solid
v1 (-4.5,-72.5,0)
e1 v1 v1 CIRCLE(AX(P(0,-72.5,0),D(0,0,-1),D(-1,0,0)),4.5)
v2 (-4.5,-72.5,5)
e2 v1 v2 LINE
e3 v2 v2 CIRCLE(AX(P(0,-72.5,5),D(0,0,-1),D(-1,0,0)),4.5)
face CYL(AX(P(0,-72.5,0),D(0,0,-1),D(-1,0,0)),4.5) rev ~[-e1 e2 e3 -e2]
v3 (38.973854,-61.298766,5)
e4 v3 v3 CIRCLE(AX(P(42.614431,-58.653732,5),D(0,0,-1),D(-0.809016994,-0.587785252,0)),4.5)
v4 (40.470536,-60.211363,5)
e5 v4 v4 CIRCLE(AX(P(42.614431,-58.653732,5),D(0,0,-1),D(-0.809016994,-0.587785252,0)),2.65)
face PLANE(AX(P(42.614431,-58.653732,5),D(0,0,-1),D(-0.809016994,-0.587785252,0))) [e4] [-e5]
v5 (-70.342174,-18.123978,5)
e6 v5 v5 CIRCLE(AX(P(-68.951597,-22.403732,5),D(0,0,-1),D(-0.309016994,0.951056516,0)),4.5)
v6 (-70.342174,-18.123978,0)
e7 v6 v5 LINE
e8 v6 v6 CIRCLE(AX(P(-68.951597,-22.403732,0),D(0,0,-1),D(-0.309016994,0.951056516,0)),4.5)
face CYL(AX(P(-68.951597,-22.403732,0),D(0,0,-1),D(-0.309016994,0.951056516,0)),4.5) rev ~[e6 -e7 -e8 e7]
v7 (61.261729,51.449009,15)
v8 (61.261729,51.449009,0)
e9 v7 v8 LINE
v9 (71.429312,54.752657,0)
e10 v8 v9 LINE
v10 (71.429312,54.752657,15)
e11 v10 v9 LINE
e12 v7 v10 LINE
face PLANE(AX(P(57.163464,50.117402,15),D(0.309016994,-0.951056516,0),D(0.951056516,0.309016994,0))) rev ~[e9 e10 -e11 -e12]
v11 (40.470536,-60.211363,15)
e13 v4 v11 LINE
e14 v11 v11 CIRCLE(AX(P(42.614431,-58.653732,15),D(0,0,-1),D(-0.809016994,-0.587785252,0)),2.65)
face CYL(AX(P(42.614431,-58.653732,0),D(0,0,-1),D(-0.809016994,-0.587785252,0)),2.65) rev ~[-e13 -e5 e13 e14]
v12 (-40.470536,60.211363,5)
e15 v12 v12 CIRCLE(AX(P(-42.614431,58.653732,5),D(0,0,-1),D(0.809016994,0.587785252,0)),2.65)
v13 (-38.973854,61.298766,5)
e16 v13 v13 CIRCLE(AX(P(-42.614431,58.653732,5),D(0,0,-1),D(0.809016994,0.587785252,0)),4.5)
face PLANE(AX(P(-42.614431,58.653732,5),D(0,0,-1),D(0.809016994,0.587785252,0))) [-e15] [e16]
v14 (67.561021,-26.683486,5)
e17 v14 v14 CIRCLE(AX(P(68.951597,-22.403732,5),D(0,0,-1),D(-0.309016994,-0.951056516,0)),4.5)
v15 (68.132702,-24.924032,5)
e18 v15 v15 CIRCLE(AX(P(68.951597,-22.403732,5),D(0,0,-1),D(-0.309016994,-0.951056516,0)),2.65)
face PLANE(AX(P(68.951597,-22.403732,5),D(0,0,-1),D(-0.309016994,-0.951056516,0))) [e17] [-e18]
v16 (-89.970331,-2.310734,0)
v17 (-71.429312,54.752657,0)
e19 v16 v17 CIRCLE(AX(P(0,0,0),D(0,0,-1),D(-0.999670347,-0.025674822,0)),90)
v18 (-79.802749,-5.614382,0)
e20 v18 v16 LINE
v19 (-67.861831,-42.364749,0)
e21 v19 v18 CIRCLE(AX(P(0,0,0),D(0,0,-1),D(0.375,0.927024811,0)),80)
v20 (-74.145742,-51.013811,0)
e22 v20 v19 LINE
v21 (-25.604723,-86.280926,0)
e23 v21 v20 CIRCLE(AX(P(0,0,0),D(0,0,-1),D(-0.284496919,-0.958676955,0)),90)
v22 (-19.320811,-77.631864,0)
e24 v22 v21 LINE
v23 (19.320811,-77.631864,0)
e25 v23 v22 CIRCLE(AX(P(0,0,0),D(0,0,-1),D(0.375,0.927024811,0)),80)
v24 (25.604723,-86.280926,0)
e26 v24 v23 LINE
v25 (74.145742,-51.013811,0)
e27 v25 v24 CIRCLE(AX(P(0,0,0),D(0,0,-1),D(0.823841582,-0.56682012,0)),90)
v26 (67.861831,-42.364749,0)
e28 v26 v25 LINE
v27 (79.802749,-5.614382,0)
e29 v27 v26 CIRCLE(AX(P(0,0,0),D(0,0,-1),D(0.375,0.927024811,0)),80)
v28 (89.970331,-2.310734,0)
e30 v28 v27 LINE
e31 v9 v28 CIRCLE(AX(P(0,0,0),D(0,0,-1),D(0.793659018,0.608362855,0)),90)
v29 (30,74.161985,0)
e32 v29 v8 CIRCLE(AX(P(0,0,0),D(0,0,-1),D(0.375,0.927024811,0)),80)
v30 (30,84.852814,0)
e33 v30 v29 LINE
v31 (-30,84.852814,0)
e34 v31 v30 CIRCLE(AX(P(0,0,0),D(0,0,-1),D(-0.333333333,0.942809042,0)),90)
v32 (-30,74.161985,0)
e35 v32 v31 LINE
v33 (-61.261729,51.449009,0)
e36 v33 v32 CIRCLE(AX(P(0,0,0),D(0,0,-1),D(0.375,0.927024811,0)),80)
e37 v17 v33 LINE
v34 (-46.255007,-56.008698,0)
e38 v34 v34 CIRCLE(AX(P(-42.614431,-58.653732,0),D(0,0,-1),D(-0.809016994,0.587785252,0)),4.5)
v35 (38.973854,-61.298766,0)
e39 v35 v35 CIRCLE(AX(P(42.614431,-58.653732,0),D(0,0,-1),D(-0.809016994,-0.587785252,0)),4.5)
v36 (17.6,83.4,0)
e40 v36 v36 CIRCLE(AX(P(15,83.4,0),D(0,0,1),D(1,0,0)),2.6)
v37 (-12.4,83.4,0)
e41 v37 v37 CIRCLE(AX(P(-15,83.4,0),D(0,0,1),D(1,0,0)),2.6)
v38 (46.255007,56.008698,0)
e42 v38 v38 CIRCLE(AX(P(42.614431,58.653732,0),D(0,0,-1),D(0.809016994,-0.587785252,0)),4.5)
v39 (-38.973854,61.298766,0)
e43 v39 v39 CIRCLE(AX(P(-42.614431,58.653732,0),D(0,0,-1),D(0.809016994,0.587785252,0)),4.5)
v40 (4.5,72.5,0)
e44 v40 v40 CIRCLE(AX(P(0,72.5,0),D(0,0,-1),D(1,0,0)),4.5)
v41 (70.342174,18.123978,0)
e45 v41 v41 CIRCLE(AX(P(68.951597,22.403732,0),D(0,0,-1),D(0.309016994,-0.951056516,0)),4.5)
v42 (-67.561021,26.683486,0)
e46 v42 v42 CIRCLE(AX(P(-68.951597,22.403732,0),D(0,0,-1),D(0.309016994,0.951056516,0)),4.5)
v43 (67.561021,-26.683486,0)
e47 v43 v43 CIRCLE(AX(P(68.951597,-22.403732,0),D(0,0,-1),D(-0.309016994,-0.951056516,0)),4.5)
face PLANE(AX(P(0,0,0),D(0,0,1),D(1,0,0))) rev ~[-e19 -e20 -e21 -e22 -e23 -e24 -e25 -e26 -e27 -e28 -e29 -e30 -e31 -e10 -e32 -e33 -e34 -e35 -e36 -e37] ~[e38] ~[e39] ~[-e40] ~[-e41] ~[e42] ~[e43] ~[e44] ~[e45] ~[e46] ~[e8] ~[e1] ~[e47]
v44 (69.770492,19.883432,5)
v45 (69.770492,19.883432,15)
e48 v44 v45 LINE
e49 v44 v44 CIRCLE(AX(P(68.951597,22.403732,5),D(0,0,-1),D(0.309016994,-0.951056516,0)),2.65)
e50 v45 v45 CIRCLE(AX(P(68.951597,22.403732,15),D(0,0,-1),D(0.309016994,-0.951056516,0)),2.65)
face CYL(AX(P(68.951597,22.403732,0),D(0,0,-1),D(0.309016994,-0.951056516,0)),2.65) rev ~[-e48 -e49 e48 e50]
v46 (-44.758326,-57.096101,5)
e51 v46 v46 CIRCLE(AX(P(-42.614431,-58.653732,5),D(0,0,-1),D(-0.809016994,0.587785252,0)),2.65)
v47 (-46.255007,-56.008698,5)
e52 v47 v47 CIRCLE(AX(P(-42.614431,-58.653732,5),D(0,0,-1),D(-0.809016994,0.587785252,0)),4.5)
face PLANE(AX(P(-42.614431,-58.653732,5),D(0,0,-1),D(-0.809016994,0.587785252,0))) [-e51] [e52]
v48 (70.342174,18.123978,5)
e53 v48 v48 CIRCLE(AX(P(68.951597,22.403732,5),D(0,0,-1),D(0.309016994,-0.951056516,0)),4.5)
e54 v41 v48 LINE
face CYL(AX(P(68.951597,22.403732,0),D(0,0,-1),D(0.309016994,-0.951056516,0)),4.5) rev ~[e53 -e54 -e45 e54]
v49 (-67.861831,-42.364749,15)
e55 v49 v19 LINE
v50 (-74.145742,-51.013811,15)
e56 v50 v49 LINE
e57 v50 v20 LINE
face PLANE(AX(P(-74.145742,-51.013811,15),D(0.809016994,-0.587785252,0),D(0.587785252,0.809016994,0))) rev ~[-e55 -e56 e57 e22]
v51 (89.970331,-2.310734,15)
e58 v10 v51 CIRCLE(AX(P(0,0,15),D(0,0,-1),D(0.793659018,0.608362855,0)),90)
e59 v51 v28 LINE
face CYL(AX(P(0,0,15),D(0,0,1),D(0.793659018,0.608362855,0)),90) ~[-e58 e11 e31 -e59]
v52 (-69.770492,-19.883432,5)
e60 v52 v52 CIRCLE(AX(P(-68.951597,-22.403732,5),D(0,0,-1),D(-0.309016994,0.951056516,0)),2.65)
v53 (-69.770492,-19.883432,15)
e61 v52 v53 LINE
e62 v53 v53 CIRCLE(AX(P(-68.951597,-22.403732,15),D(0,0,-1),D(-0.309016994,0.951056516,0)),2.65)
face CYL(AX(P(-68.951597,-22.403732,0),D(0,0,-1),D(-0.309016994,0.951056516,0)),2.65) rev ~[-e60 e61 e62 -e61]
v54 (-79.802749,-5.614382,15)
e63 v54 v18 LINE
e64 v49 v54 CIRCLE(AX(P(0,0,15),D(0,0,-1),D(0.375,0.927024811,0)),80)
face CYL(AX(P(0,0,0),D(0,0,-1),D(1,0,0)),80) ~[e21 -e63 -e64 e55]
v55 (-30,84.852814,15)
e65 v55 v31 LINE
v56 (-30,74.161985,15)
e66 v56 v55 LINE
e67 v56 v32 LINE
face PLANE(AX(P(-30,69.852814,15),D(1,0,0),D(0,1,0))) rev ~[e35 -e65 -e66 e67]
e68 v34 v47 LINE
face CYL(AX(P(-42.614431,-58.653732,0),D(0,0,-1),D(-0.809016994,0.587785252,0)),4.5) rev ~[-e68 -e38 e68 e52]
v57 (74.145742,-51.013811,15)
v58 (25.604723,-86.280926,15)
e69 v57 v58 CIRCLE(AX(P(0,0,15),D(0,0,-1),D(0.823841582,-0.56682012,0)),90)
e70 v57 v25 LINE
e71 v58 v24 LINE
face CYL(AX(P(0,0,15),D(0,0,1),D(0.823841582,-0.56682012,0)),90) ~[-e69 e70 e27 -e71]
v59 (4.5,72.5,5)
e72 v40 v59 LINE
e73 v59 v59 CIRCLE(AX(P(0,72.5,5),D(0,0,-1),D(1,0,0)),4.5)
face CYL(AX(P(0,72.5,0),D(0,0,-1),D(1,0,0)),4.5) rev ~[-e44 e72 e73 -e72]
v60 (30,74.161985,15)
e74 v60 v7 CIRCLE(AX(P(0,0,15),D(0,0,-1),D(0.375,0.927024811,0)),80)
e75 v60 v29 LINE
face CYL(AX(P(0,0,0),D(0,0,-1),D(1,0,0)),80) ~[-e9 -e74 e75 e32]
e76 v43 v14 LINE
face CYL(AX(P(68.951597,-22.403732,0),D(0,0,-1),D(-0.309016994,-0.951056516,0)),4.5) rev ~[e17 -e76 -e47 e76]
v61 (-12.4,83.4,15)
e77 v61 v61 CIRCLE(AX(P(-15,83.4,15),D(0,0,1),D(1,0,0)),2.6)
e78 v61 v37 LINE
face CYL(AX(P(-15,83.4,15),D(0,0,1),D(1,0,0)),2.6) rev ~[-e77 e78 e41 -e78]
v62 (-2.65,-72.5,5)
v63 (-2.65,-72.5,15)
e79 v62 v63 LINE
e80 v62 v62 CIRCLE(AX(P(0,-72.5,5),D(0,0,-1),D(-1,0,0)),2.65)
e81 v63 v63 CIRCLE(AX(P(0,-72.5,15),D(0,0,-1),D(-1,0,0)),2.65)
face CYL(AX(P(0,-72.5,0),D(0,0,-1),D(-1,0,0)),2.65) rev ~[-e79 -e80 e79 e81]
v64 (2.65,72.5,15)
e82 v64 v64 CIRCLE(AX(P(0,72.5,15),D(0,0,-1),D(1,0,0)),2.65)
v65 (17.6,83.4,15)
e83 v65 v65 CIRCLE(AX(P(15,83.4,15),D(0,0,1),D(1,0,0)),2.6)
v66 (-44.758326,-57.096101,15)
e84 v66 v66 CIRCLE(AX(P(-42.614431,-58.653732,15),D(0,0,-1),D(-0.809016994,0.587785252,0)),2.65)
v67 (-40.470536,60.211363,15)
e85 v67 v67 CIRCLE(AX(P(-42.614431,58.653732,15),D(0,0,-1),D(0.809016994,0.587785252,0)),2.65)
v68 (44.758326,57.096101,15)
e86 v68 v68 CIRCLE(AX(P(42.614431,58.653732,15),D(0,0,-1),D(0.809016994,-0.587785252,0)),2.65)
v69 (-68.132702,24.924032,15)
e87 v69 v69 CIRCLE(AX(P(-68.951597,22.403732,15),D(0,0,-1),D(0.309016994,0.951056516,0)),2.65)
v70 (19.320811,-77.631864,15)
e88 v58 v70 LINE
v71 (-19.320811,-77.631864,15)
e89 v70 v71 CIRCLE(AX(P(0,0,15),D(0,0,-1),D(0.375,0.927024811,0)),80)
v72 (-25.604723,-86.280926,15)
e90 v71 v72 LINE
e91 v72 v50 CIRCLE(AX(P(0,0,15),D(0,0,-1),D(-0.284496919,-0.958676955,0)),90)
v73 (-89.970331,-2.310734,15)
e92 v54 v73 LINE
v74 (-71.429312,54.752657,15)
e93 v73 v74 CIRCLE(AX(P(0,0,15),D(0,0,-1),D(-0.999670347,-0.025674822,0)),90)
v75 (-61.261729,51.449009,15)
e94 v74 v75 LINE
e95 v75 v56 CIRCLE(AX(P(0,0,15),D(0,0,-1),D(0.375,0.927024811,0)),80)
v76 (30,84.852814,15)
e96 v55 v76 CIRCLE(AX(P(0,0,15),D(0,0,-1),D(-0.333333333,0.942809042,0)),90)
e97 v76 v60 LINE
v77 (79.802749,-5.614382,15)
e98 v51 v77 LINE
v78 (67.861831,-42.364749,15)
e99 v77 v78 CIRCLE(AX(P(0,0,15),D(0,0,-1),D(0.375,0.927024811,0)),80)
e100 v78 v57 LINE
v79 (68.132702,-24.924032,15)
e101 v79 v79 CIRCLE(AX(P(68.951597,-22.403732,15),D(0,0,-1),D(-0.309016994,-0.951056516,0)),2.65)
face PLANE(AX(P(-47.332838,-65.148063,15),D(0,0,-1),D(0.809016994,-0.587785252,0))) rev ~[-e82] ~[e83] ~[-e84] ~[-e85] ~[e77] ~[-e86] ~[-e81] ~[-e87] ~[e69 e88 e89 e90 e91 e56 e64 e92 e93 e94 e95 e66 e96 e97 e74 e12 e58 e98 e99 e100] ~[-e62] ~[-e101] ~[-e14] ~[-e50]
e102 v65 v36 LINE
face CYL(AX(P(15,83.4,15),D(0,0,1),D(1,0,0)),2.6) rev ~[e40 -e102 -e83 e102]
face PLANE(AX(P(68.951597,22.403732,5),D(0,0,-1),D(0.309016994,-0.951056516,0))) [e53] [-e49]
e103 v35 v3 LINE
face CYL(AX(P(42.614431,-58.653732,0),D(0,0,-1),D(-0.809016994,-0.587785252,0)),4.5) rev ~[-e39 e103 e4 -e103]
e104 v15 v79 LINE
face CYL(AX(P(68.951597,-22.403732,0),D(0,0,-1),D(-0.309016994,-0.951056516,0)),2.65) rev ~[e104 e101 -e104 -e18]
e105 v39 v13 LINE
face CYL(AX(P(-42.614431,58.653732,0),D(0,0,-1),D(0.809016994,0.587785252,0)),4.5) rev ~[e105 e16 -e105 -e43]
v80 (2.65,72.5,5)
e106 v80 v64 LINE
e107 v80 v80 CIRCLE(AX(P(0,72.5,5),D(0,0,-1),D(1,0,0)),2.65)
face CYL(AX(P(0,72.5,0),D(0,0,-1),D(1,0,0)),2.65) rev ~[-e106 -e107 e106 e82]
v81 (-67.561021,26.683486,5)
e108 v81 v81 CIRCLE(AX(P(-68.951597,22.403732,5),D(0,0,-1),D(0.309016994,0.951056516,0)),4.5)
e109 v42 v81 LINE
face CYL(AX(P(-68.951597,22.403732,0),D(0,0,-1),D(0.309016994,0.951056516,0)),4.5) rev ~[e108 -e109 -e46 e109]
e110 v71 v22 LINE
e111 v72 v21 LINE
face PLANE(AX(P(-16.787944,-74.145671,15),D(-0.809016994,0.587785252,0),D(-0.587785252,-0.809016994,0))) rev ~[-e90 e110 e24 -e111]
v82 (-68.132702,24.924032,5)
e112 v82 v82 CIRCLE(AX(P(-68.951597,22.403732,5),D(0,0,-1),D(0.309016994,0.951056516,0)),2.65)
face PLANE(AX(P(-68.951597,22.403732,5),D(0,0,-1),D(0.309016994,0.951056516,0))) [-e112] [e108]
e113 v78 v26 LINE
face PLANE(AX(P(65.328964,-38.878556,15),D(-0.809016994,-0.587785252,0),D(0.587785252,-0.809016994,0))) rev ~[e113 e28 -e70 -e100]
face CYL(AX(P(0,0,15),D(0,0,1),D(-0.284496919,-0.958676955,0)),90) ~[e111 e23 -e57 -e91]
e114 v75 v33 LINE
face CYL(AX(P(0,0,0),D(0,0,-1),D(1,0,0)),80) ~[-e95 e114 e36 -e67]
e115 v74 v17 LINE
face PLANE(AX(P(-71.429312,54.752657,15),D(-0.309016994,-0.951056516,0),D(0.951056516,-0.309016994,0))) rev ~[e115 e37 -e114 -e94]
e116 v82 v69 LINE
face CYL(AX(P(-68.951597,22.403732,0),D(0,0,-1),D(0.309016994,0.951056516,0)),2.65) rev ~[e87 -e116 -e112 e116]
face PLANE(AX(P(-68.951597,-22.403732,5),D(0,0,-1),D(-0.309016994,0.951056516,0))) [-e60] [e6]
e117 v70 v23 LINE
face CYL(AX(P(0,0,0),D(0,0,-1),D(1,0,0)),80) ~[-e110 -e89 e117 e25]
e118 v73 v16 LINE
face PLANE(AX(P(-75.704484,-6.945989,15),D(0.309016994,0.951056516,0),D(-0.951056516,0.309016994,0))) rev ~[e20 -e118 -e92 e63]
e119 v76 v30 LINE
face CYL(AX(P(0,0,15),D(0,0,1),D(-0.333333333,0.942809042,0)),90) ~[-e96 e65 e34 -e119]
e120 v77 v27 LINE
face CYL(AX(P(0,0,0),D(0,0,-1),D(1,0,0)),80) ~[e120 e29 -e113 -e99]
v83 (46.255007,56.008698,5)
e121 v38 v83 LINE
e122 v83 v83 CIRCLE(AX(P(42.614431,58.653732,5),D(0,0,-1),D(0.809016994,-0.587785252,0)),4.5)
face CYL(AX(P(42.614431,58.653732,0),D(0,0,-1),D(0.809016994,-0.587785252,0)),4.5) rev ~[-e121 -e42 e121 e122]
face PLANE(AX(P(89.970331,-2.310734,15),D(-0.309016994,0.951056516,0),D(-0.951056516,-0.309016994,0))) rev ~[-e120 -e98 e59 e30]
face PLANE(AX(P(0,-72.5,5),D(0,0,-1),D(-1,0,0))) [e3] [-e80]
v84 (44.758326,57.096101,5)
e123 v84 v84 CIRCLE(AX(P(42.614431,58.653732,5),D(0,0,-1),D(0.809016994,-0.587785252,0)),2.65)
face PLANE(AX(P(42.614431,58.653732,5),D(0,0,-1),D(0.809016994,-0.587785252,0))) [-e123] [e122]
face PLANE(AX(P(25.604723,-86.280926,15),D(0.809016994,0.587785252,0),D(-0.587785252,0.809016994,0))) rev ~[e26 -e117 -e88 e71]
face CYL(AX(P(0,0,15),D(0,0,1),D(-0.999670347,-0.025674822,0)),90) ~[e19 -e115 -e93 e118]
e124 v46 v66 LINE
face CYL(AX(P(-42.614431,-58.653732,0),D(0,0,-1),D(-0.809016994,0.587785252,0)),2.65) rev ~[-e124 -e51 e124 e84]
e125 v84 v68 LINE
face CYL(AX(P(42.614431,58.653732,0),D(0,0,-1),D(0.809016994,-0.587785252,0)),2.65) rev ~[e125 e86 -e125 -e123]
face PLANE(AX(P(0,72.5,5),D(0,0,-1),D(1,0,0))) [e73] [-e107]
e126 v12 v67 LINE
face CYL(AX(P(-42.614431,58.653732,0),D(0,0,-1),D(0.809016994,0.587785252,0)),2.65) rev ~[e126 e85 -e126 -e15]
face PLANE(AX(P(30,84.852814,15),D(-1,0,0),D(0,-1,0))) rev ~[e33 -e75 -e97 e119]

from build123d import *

# Parameters (mm, degrees)
SKIZZE1_R                       = 80
AUFSATZ_LINEAR_AUSTRAGEN1_DEPTH = 15
SKIZZE8_R                       = 2.65
SCHNITT_LINEAR_AUSTRAGEN1_DEPTH = 15
KREISMUSTER1_COUNT              = 10
SKIZZE9_R                       = 4.5
SCHNITT_LINEAR_AUSTRAGEN2_DEPTH = 5
KREISMUSTER2_COUNT              = 10
AUFSATZ_LINEAR_AUSTRAGEN2_DEPTH = 15
KREISMUSTER3_COUNT              = 5
SKIZZE11_R                      = 2.6
SCHNITT_LINEAR_AUSTRAGEN3_DEPTH = 15


with BuildPart() as part:
    # Skizze1 → Aufsatz-Linear austragen1 (new body)
    with BuildSketch(Plane.XY):
        Circle(SKIZZE1_R)
    extrude(amount=AUFSATZ_LINEAR_AUSTRAGEN1_DEPTH)

    # Skizze8 → Schnitt-Linear austragen1 (cut)
    with BuildSketch(Plane(origin=(0, 0, 0), x_dir=(-1, 0, 0), z_dir=(0, 0, -1))):
        with Locations((0, -72.5)):
            Circle(SKIZZE8_R)
    schnitt_linear_austragen1 = extrude(amount=-SCHNITT_LINEAR_AUSTRAGEN1_DEPTH, mode=Mode.SUBTRACT)

    # Kreismuster1: Schnitt-Linear austragen1 ×10 about axis
    kreismuster1_axis = Axis((0, 0, 0), (0, 0, 1))
    for i in range(1, KREISMUSTER1_COUNT):
        add(schnitt_linear_austragen1.rotate(kreismuster1_axis, i * 360 / KREISMUSTER1_COUNT), mode=Mode.SUBTRACT)

    # Skizze9 → Schnitt-Linear austragen2 (cut)
    with BuildSketch(Plane(origin=(0, 0, 0), x_dir=(-1, 0, 0), z_dir=(0, 0, -1))):
        with Locations((0, -72.5)):
            Circle(SKIZZE9_R)
    schnitt_linear_austragen2 = extrude(amount=-SCHNITT_LINEAR_AUSTRAGEN2_DEPTH, mode=Mode.SUBTRACT)

    # Kreismuster2: Schnitt-Linear austragen2 ×10 about axis
    kreismuster2_axis = Axis((0, 0, 0), (0, 0, 1))
    for i in range(1, KREISMUSTER2_COUNT):
        add(schnitt_linear_austragen2.rotate(kreismuster2_axis, i * 360 / KREISMUSTER2_COUNT), mode=Mode.SUBTRACT)

    # Skizze10 → Aufsatz-Linear austragen2 (add)
    with BuildSketch(Plane.XY.offset(15)):
        with BuildLine():
            Line((-30, 69.852813742), (-30, 84.852813742))
            ThreePointArc((-30, 84.852813742), (0, 90), (30, 84.852813742))
            Line((30, 84.852813742), (30, 69.852813742))
            Line((30, 69.852813742), (0, 80))
            Line((0, 80), (-30, 69.852813742))
        make_face()
    aufsatz_linear_austragen2 = extrude(amount=-AUFSATZ_LINEAR_AUSTRAGEN2_DEPTH)

    # Kreismuster3: Aufsatz-Linear austragen2 ×5 about axis
    kreismuster3_axis = Axis((0, 0, 0), (0, 0, 1))
    for i in range(1, KREISMUSTER3_COUNT):
        add(aufsatz_linear_austragen2.rotate(kreismuster3_axis, i * 360 / KREISMUSTER3_COUNT))

    # Skizze11 → Schnitt-Linear austragen3 (cut)
    with BuildSketch(Plane.XY.offset(15)):
        with Locations((-15, 83.4)):
            Circle(SKIZZE11_R)
        with Locations((15, 83.4)):
            Circle(SKIZZE11_R)
    extrude(amount=-SCHNITT_LINEAR_AUSTRAGEN3_DEPTH, mode=Mode.SUBTRACT)


solid = part.part
